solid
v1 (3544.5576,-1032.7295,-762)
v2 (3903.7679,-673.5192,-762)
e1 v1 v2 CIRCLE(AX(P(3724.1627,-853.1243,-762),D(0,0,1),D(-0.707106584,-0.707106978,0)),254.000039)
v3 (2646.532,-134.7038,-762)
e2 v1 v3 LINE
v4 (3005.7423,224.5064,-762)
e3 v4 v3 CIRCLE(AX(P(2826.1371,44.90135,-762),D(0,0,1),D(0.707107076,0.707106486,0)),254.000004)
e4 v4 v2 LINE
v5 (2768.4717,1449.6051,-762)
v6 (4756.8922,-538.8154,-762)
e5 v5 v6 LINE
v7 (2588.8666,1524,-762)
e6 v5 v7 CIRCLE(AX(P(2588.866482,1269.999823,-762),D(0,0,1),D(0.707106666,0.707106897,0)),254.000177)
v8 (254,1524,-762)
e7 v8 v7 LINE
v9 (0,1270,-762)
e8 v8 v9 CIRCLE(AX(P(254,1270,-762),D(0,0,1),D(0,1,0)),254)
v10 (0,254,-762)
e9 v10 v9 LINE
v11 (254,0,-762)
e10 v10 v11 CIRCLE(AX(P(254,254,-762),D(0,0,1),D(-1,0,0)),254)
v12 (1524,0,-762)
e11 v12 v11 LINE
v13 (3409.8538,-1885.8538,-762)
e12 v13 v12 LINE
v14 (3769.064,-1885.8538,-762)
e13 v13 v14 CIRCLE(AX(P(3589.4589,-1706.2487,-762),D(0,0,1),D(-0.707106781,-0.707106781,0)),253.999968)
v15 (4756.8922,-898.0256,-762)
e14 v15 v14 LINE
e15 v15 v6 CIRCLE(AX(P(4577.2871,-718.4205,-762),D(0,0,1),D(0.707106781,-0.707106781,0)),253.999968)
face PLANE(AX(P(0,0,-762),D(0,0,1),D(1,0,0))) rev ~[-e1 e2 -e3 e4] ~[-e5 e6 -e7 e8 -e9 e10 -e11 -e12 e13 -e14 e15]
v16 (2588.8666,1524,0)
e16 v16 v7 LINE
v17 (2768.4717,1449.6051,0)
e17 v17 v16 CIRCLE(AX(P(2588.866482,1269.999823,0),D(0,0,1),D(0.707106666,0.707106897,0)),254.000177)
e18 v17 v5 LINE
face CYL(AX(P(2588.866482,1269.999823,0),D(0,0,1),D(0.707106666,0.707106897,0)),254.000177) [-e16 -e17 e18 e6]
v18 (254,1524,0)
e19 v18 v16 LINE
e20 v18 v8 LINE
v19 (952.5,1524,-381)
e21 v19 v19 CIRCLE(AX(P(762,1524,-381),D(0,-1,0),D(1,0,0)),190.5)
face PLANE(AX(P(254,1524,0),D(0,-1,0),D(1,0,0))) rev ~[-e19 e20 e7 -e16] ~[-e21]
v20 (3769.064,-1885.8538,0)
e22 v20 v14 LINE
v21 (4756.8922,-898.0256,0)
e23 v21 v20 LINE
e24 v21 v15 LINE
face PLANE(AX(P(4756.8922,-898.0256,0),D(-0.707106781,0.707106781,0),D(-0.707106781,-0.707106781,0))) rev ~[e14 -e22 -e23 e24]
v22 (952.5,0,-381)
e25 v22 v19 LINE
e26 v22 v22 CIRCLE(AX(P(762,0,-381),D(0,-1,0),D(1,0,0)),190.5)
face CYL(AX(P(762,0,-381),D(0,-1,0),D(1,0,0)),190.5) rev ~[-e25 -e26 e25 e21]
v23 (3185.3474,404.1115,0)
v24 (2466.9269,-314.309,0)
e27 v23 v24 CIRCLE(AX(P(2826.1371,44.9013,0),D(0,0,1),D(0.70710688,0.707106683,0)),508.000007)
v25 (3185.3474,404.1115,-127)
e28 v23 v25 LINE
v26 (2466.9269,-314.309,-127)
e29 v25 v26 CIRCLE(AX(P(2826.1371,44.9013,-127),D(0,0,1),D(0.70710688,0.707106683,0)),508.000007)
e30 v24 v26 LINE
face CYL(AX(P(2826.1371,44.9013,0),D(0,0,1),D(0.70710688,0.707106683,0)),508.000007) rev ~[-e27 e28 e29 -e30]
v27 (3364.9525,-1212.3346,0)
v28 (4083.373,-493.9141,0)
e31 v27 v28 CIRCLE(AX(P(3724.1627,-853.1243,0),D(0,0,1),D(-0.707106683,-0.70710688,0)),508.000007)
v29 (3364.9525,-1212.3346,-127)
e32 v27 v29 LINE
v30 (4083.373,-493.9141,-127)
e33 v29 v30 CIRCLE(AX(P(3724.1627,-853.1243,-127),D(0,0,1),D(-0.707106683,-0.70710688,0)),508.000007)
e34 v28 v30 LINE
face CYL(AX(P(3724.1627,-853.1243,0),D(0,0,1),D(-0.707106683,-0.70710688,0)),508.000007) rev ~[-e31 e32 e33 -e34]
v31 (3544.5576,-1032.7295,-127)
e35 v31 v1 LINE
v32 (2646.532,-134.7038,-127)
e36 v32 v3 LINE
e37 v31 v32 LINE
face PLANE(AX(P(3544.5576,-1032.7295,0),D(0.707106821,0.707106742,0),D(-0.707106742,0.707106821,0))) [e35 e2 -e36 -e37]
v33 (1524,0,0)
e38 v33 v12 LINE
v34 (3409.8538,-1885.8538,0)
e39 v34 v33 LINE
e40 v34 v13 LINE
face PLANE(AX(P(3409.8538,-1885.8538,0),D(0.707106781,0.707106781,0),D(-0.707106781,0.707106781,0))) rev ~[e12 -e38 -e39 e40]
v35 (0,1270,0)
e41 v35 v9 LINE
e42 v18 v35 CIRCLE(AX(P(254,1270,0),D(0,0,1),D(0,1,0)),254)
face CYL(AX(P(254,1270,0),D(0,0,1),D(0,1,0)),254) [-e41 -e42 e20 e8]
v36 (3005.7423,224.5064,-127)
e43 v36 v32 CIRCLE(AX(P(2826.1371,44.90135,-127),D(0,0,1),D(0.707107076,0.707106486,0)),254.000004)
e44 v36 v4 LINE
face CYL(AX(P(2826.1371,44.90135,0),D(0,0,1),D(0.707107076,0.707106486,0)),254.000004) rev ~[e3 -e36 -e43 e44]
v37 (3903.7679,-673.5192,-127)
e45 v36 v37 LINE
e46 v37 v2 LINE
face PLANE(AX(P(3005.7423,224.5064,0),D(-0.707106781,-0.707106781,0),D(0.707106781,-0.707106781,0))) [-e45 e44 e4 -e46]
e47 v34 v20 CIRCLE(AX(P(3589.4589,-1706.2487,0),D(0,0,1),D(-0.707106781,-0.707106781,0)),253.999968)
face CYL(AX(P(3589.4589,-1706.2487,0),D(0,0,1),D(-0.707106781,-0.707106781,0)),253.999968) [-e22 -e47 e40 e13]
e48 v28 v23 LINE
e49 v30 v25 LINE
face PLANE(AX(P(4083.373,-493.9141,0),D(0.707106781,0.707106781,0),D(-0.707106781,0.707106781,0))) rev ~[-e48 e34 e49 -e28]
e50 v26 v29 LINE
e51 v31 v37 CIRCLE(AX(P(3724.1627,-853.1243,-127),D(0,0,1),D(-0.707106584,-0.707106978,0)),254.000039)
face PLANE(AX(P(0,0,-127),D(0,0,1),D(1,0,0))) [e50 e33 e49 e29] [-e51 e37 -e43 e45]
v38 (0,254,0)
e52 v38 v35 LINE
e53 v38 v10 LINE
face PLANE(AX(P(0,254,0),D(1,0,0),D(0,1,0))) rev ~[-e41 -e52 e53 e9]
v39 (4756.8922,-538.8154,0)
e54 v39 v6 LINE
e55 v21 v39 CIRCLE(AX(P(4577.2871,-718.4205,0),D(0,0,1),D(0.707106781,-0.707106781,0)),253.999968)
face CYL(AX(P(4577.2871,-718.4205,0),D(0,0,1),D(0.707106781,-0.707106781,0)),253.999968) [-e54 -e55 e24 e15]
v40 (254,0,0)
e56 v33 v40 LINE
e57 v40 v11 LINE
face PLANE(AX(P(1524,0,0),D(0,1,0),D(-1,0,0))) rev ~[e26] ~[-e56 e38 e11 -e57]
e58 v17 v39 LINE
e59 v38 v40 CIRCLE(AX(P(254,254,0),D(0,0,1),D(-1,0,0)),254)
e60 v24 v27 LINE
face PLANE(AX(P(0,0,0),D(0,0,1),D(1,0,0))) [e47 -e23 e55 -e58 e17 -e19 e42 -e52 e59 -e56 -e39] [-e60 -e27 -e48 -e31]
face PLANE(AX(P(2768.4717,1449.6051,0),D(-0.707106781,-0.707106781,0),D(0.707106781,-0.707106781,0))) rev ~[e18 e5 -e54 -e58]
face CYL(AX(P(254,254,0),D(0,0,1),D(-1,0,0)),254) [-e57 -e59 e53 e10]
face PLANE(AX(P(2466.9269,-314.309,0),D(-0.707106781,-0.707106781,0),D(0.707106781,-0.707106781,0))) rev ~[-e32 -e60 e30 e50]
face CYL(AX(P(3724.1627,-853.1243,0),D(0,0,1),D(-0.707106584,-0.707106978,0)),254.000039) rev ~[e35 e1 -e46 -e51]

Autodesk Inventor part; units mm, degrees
ref_plane "YZ Plane" through (0, 0, 0) normal (1, 0, 0) x (0, 1, 0)
ref_plane "XZ Plane" through (0, 0, 0) normal (0, 1, 0) x (-1, 0, 0)
ref_plane "XY Plane" through (0, 0, 0) normal (0, 0, 1) x (1, 0, 0)
sketch "Sketch1" plane through (0, 0, 0) normal (0, 0, 1) x (1, 0, 0)
  line L0 (0, 254) -> (0, 1270)
  line L1 (254, 1524) -> (2588.8666, 1524)
  line L2 (2768.4717, 1449.6051) -> (4756.8922, -538.8154)
  line L3 (4756.8922, -898.0256) -> (3769.064, -1885.8538)
  line L4 (3409.8538, -1885.8538) -> (1524, 0)
  line L5 (1524, 0) -> (254, 0)
  arc A0 (254, 1524) -> (0, 1270) centre (254, 1270) ccw
  arc A1 (0, 254) -> (254, 0) centre (254, 254) ccw
  arc A2 (3409.8538, -1885.8538) -> (3769.064, -1885.8538) centre (3589.4589, -1706.2487) ccw
  arc A3 (4756.8922, -898.0256) -> (4756.8922, -538.8154) centre (4577.2871, -718.4205) ccw
  line L6 (2826.1371, 44.9013) -> (3724.1627, -853.1243) construction
  line L7 (3005.7423, 224.5064) -> (3903.7679, -673.5192)
  line L8 (3544.5576, -1032.7295) -> (2646.532, -134.7038)
  arc A4 (3005.7423, 224.5064) -> (2646.532, -134.7038) centre (2826.1371, 44.9013) ccw
  arc A5 (3544.5576, -1032.7295) -> (3903.7679, -673.5192) centre (3724.1627, -853.1243) ccw
  line L9 (2826.1371, 44.9013) -> (3724.1627, -853.1243) construction
  line L10 (2466.9269, -314.309) -> (3364.9525, -1212.3346)
  line L11 (4083.373, -493.9141) -> (3185.3474, 404.1115)
  arc A6 (3185.3474, 404.1115) -> (2466.9269, -314.309) centre (2826.1371, 44.9013) ccw
  arc A7 (3364.9525, -1212.3346) -> (4083.373, -493.9141) centre (3724.1627, -853.1243) ccw
  arc A8 (2768.4717, 1449.6051) -> (2588.8666, 1524) centre (2588.8666, 1270) ccw
  point P0 (0, 0)
  point P1 (0, 1524)
  point P2 (2694.0768, 1524)
  point P3 (4936.4973, -718.4205)
  point P4 (3589.4589, -2065.4589)
  point P5 (3275.1499, -404.1115)
  point P6 (3275.1499, -404.1115)
  dimension "d3" = 1524
  dimension "d4" = 1524
  dimension "d5" = 45
  dimension "d6" = 1905
  dimension "d9" = 2921
  dimension "d10" = 254
  dimension "d11" = 1270
  dimension "d12" = 508
  dimension "d13" = 762
  dimension "d14" = 952.5
  dimension "d15" = 254
  dimension "d26" = 254
extrude "Extrusion1" add sketch "Sketch1" against normal blind 762 contours L0 A0 L1 A8 L2 A3 L3 A2 L4 L5 A1 | A6 L11 A7 L10
extrude "Extrusion2" cut sketch "Sketch1" against normal blind 127 contours A6 L11 A7 L10
sketch "Sketch2" plane through (254, 0, 0) normal (0, -1, 0) x (1, 0, 0)
  circle A0 centre (508, -381) radius 190.5
  line L0 (1270, -762) -> (0, -762) projected
  line L1 (0, 0) -> (0, -762) projected
  point P0 (-254, 0)
  dimension "d20" = 381
  dimension "d21" = 381
  dimension "d23" = 762
extrude "Extrusion3" cut sketch "Sketch2" against normal through all
properties part number "HW 7 Part 5" material "Brass, Soft Yellow"
